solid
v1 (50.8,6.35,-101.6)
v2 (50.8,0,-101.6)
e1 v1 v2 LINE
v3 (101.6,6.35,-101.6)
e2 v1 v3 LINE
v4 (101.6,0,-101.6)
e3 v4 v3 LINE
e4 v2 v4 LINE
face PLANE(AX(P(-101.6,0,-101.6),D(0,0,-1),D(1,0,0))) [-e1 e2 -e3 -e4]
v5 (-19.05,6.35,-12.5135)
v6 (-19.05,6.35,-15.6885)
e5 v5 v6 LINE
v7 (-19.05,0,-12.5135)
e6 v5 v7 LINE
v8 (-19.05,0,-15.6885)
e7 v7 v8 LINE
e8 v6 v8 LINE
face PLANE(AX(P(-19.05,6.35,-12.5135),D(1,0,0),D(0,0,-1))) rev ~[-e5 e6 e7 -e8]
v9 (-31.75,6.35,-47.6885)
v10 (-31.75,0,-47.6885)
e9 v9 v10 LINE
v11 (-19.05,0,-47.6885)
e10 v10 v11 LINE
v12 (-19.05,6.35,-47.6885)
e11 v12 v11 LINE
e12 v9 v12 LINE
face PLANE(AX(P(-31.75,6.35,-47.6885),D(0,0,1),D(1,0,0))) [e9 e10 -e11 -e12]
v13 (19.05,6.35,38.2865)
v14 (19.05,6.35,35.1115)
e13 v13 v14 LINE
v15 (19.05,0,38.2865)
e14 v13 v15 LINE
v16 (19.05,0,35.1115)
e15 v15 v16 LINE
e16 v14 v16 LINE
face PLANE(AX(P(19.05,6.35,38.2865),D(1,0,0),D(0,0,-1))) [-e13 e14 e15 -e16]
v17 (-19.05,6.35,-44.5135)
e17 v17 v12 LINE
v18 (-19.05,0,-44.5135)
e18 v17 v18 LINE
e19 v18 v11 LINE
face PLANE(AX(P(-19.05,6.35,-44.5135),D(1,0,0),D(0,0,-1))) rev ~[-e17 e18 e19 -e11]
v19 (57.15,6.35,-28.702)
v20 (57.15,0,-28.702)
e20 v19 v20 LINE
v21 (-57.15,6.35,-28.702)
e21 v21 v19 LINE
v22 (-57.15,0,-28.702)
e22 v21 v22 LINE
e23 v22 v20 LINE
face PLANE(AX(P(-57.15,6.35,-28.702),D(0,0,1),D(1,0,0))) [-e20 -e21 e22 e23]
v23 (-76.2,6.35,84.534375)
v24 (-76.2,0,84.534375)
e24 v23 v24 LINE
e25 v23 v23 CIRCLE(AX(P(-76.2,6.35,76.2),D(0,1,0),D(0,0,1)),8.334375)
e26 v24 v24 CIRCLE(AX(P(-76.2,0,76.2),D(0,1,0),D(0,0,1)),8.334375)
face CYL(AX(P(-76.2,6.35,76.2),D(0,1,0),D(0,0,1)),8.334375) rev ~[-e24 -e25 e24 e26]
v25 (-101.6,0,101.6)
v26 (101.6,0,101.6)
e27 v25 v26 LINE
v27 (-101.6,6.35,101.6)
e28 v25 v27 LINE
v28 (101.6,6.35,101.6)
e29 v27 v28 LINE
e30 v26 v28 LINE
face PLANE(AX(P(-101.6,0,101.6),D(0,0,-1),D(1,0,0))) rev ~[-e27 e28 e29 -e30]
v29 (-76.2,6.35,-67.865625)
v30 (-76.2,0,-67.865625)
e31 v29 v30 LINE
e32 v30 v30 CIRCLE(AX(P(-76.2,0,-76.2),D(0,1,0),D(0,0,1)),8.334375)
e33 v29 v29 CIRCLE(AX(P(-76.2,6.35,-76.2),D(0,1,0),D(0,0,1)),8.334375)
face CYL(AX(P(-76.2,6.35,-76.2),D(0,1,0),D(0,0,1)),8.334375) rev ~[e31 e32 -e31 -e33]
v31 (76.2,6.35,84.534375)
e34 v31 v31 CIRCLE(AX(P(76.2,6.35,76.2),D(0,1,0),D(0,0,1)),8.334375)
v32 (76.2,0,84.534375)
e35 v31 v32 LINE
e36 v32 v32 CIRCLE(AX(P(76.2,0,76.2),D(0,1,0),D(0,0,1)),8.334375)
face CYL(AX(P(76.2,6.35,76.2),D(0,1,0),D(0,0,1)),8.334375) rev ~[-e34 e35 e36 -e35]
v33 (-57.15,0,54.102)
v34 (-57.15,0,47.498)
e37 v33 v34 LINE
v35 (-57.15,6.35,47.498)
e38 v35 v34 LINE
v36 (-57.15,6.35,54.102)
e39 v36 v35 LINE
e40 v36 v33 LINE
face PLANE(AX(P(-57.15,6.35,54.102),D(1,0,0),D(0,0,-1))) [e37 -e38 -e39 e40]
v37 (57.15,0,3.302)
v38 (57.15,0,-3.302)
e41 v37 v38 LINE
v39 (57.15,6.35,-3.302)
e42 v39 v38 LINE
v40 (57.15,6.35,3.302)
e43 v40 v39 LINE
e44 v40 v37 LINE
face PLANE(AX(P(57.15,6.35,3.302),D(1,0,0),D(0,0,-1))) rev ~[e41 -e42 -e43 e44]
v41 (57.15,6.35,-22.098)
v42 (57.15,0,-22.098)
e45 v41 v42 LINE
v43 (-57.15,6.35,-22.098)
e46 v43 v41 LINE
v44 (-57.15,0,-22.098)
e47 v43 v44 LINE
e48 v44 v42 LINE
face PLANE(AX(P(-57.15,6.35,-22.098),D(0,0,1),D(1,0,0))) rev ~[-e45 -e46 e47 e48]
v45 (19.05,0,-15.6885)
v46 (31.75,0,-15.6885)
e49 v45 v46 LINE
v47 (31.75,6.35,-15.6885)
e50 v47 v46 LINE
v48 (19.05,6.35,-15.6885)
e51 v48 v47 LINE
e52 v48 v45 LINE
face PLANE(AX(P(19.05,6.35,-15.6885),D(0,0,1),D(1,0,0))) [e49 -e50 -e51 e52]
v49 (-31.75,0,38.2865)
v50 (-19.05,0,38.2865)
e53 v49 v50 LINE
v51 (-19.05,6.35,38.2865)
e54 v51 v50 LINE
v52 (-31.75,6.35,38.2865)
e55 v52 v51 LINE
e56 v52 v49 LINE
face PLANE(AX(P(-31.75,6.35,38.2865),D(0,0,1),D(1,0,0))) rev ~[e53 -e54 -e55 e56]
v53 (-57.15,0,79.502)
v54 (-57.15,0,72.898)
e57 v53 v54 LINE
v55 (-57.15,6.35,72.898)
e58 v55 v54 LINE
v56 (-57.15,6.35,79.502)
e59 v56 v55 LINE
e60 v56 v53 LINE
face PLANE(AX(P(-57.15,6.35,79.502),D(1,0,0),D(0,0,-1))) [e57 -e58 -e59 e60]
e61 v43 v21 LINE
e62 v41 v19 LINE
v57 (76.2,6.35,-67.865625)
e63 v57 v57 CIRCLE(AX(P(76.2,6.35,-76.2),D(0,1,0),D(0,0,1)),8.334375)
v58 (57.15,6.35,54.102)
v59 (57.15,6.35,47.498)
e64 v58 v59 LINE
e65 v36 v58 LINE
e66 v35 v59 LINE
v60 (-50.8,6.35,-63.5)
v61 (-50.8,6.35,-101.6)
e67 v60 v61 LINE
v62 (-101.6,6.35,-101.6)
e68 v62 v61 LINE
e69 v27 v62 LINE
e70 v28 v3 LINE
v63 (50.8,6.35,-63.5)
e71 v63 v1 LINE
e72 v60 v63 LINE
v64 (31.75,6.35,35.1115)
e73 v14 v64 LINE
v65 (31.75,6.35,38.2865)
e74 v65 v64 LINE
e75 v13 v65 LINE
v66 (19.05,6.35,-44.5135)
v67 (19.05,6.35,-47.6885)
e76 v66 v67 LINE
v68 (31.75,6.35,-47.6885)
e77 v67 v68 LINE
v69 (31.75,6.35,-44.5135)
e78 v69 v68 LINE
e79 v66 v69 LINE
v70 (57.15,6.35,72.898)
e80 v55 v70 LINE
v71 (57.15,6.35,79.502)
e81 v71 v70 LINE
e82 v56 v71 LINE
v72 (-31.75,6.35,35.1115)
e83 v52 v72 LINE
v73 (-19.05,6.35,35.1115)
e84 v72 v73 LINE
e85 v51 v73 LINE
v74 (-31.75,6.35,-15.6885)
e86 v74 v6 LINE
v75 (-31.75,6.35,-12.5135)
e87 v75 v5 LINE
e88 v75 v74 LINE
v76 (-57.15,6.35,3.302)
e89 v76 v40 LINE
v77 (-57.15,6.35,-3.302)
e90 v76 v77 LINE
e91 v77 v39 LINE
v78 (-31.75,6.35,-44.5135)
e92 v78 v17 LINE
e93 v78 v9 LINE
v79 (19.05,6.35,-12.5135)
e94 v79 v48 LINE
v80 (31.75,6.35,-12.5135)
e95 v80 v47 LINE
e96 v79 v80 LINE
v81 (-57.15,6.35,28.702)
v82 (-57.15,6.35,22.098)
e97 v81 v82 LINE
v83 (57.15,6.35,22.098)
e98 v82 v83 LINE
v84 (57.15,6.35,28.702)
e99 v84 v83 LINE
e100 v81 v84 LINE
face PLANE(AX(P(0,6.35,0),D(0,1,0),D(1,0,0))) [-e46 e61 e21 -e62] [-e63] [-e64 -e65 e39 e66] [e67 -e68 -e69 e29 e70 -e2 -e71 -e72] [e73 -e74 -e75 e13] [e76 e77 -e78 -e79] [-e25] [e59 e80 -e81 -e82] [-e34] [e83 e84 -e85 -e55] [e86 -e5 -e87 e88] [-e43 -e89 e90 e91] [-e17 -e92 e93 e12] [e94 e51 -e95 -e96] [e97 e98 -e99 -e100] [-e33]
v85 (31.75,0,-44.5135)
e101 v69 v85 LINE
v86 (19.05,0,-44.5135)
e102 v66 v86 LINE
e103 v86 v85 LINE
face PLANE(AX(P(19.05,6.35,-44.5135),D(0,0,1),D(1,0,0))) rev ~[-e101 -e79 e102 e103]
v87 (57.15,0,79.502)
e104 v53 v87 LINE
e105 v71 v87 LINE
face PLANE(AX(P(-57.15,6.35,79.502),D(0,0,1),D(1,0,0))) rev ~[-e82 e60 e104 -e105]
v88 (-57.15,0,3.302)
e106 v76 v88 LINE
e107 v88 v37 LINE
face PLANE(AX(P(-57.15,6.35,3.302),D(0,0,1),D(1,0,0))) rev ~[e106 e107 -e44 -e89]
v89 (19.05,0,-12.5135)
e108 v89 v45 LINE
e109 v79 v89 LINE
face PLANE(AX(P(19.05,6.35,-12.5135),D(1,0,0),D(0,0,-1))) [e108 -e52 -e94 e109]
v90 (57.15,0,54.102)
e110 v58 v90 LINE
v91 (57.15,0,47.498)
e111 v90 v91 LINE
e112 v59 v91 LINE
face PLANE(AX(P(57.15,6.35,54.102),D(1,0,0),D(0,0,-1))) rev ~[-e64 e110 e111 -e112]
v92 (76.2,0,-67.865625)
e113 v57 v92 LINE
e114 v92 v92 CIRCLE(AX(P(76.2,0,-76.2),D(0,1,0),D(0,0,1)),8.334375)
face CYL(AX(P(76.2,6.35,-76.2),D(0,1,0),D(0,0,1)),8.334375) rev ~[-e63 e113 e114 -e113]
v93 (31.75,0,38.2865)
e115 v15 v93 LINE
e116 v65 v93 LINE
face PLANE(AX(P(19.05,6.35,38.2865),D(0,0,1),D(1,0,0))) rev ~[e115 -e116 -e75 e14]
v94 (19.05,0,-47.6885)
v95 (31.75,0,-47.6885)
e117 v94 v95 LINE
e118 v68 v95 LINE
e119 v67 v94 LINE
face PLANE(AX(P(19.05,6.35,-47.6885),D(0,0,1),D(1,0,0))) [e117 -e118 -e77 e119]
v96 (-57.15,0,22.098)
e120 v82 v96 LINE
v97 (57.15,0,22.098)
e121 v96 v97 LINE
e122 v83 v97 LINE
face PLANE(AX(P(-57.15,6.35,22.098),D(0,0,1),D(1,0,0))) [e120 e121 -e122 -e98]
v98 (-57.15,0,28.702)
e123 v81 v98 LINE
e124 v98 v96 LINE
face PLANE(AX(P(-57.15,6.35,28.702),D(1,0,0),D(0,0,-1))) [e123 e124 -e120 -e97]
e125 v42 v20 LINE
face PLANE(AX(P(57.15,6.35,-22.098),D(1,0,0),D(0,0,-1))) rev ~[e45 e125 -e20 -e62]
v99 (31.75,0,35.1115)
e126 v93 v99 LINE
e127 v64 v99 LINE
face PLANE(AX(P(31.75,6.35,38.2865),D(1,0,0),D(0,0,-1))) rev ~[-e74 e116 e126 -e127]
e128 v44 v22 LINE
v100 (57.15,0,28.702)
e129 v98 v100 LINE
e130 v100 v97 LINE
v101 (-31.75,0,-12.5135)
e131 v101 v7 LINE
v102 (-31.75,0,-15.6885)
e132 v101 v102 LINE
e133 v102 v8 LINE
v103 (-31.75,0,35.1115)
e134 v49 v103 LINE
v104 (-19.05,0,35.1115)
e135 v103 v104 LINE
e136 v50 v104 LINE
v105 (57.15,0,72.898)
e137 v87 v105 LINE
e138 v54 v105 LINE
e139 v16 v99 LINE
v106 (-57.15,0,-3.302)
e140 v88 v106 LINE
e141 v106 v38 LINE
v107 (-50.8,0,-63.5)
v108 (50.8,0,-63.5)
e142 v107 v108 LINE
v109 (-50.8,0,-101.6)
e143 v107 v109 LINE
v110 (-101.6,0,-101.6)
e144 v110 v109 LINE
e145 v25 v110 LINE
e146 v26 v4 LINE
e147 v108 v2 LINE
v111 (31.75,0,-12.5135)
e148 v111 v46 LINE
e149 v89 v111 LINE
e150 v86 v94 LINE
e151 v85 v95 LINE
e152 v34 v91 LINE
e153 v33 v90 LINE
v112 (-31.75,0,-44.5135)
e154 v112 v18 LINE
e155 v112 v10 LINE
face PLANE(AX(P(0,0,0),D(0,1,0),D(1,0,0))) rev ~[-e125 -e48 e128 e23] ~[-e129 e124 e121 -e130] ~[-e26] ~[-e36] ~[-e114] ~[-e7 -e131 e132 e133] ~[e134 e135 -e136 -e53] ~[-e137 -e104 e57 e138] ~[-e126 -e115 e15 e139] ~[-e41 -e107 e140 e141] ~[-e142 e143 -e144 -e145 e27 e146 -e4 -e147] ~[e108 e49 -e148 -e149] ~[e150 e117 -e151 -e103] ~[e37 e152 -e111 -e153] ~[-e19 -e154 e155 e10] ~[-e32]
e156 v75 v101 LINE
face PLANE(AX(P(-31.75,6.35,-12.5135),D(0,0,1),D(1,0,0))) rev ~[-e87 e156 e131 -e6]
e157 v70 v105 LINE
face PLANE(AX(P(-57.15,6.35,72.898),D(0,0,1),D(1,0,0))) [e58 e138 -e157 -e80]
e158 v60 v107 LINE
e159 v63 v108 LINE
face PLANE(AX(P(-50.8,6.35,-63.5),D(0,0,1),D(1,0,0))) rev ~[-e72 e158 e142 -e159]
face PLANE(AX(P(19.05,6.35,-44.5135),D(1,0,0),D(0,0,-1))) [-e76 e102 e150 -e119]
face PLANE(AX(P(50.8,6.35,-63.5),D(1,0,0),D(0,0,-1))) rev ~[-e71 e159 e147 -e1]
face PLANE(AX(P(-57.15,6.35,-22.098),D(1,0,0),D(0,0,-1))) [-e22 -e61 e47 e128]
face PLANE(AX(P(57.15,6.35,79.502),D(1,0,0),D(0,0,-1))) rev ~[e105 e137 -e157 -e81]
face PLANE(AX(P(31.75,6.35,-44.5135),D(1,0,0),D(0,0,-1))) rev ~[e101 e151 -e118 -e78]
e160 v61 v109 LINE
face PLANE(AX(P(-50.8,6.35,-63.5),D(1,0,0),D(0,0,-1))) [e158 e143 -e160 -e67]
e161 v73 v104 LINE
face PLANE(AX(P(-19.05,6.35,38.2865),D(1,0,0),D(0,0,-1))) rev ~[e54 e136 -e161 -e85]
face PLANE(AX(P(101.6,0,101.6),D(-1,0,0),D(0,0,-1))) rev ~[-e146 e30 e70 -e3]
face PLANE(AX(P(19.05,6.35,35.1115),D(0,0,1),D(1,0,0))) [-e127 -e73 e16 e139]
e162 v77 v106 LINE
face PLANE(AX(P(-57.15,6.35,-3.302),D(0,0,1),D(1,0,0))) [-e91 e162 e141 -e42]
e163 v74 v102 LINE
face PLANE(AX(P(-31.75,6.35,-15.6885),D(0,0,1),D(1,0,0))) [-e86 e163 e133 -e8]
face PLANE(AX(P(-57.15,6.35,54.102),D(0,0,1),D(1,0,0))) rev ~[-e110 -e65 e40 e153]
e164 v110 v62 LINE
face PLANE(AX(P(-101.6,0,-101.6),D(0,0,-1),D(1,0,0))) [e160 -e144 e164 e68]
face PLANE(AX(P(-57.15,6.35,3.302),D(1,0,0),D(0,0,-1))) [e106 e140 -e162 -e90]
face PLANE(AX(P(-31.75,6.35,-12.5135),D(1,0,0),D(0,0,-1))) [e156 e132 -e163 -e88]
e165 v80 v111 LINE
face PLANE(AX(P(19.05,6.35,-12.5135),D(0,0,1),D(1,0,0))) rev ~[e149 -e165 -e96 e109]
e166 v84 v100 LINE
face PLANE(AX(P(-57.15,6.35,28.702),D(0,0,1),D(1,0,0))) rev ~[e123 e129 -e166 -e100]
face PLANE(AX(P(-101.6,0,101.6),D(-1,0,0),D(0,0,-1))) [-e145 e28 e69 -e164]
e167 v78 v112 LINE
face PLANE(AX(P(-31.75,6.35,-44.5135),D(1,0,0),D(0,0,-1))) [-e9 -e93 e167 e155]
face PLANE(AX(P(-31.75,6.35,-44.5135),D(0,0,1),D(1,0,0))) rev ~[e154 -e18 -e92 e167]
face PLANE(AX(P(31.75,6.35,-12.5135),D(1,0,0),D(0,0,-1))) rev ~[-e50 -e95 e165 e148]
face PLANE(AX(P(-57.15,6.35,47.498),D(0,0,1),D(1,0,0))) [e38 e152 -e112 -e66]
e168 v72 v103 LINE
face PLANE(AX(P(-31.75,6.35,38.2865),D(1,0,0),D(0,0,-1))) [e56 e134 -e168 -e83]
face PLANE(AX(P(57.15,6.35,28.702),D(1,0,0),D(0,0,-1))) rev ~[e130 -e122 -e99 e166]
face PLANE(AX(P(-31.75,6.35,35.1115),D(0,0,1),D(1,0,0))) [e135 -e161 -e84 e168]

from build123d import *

# Parameters (mm, degrees)
SKETCH1_W           = 203.2
SKETCH1_H           = 203.2
BOSS_EXTRUDE1_DEPTH = 6.35
SKETCH3_R           = 8.334375
SKETCH3_W           = 101.6
SKETCH3_H           = 38.1
CUT_EXTRUDE1_DEPTH  = 144.824345992
SKETCH4_W           = 114.3
SKETCH4_H           = 6.604
CUT_EXTRUDE2_DEPTH  = 144.824345992
SKETCH5_W           = 12.7
SKETCH5_H           = 3.175
CUT_EXTRUDE3_DEPTH  = 144.824345992


with BuildPart() as part:
    # Sketch1 → Boss-Extrude1 (new body)
    with BuildSketch(Plane(origin=(0, 0, 0), x_dir=(1, 0, 0), z_dir=(0, 1, 0))):
        Rectangle(SKETCH1_W, SKETCH1_H)
    extrude(amount=BOSS_EXTRUDE1_DEPTH)

    # Sketch3 → Cut-Extrude1 (cut, through all)
    with BuildSketch(Plane(origin=(0, 6.35, 0), x_dir=(1, 0, 0), z_dir=(0, 1, 0))):
        with Locations(Location((-76.2, 76.2, 0), (0, 0, 270))):
            Circle(SKETCH3_R)
        with Locations(Location((76.2, 76.2, 0), (0, 0, 270))):
            Circle(SKETCH3_R)
        with Locations(Location((-76.2, -76.2, 0), (0, 0, 270))):
            Circle(SKETCH3_R)
        with Locations(Location((76.2, -76.2, 0), (0, 0, 270))):
            Circle(SKETCH3_R)
        with Locations((0, 82.55)):
            Rectangle(SKETCH3_W, SKETCH3_H)
    extrude(amount=-CUT_EXTRUDE1_DEPTH, mode=Mode.SUBTRACT)

    # Sketch4 → Cut-Extrude2 (cut, through all)
    with BuildSketch(Plane(origin=(0, 6.35, 0), x_dir=(1, 0, 0), z_dir=(0, 1, 0))):
        with Locations((0, -50.8)):
            Rectangle(SKETCH4_W, SKETCH4_H)
        with Locations((0, 25.4)):
            Rectangle(SKETCH4_W, SKETCH4_H)
        with Locations((0, -76.2)):
            Rectangle(SKETCH4_W, SKETCH4_H)
        Rectangle(SKETCH4_W, SKETCH4_H)
        with Locations((0, -25.4)):
            Rectangle(SKETCH4_W, SKETCH4_H)
    extrude(amount=-CUT_EXTRUDE2_DEPTH, mode=Mode.SUBTRACT)

    # Sketch5 → Cut-Extrude3 (cut, through all)
    with BuildSketch(Plane(origin=(0, 6.35, 0), x_dir=(1, 0, 0), z_dir=(0, 1, 0))):
        with Locations((-25.4, 46.101)):
            Rectangle(SKETCH5_W, SKETCH5_H)
        with Locations((25.4, 46.101)):
            Rectangle(SKETCH5_W, SKETCH5_H)
        with Locations((-25.4, 14.101)):
            Rectangle(SKETCH5_W, SKETCH5_H)
        with Locations((25.4, 14.101)):
            Rectangle(SKETCH5_W, SKETCH5_H)
        with Locations((-25.4, -36.699)):
            Rectangle(SKETCH5_W, SKETCH5_H)
        with Locations((25.4, -36.699)):
            Rectangle(SKETCH5_W, SKETCH5_H)
    extrude(amount=-CUT_EXTRUDE3_DEPTH, mode=Mode.SUBTRACT)


solid = part.part
